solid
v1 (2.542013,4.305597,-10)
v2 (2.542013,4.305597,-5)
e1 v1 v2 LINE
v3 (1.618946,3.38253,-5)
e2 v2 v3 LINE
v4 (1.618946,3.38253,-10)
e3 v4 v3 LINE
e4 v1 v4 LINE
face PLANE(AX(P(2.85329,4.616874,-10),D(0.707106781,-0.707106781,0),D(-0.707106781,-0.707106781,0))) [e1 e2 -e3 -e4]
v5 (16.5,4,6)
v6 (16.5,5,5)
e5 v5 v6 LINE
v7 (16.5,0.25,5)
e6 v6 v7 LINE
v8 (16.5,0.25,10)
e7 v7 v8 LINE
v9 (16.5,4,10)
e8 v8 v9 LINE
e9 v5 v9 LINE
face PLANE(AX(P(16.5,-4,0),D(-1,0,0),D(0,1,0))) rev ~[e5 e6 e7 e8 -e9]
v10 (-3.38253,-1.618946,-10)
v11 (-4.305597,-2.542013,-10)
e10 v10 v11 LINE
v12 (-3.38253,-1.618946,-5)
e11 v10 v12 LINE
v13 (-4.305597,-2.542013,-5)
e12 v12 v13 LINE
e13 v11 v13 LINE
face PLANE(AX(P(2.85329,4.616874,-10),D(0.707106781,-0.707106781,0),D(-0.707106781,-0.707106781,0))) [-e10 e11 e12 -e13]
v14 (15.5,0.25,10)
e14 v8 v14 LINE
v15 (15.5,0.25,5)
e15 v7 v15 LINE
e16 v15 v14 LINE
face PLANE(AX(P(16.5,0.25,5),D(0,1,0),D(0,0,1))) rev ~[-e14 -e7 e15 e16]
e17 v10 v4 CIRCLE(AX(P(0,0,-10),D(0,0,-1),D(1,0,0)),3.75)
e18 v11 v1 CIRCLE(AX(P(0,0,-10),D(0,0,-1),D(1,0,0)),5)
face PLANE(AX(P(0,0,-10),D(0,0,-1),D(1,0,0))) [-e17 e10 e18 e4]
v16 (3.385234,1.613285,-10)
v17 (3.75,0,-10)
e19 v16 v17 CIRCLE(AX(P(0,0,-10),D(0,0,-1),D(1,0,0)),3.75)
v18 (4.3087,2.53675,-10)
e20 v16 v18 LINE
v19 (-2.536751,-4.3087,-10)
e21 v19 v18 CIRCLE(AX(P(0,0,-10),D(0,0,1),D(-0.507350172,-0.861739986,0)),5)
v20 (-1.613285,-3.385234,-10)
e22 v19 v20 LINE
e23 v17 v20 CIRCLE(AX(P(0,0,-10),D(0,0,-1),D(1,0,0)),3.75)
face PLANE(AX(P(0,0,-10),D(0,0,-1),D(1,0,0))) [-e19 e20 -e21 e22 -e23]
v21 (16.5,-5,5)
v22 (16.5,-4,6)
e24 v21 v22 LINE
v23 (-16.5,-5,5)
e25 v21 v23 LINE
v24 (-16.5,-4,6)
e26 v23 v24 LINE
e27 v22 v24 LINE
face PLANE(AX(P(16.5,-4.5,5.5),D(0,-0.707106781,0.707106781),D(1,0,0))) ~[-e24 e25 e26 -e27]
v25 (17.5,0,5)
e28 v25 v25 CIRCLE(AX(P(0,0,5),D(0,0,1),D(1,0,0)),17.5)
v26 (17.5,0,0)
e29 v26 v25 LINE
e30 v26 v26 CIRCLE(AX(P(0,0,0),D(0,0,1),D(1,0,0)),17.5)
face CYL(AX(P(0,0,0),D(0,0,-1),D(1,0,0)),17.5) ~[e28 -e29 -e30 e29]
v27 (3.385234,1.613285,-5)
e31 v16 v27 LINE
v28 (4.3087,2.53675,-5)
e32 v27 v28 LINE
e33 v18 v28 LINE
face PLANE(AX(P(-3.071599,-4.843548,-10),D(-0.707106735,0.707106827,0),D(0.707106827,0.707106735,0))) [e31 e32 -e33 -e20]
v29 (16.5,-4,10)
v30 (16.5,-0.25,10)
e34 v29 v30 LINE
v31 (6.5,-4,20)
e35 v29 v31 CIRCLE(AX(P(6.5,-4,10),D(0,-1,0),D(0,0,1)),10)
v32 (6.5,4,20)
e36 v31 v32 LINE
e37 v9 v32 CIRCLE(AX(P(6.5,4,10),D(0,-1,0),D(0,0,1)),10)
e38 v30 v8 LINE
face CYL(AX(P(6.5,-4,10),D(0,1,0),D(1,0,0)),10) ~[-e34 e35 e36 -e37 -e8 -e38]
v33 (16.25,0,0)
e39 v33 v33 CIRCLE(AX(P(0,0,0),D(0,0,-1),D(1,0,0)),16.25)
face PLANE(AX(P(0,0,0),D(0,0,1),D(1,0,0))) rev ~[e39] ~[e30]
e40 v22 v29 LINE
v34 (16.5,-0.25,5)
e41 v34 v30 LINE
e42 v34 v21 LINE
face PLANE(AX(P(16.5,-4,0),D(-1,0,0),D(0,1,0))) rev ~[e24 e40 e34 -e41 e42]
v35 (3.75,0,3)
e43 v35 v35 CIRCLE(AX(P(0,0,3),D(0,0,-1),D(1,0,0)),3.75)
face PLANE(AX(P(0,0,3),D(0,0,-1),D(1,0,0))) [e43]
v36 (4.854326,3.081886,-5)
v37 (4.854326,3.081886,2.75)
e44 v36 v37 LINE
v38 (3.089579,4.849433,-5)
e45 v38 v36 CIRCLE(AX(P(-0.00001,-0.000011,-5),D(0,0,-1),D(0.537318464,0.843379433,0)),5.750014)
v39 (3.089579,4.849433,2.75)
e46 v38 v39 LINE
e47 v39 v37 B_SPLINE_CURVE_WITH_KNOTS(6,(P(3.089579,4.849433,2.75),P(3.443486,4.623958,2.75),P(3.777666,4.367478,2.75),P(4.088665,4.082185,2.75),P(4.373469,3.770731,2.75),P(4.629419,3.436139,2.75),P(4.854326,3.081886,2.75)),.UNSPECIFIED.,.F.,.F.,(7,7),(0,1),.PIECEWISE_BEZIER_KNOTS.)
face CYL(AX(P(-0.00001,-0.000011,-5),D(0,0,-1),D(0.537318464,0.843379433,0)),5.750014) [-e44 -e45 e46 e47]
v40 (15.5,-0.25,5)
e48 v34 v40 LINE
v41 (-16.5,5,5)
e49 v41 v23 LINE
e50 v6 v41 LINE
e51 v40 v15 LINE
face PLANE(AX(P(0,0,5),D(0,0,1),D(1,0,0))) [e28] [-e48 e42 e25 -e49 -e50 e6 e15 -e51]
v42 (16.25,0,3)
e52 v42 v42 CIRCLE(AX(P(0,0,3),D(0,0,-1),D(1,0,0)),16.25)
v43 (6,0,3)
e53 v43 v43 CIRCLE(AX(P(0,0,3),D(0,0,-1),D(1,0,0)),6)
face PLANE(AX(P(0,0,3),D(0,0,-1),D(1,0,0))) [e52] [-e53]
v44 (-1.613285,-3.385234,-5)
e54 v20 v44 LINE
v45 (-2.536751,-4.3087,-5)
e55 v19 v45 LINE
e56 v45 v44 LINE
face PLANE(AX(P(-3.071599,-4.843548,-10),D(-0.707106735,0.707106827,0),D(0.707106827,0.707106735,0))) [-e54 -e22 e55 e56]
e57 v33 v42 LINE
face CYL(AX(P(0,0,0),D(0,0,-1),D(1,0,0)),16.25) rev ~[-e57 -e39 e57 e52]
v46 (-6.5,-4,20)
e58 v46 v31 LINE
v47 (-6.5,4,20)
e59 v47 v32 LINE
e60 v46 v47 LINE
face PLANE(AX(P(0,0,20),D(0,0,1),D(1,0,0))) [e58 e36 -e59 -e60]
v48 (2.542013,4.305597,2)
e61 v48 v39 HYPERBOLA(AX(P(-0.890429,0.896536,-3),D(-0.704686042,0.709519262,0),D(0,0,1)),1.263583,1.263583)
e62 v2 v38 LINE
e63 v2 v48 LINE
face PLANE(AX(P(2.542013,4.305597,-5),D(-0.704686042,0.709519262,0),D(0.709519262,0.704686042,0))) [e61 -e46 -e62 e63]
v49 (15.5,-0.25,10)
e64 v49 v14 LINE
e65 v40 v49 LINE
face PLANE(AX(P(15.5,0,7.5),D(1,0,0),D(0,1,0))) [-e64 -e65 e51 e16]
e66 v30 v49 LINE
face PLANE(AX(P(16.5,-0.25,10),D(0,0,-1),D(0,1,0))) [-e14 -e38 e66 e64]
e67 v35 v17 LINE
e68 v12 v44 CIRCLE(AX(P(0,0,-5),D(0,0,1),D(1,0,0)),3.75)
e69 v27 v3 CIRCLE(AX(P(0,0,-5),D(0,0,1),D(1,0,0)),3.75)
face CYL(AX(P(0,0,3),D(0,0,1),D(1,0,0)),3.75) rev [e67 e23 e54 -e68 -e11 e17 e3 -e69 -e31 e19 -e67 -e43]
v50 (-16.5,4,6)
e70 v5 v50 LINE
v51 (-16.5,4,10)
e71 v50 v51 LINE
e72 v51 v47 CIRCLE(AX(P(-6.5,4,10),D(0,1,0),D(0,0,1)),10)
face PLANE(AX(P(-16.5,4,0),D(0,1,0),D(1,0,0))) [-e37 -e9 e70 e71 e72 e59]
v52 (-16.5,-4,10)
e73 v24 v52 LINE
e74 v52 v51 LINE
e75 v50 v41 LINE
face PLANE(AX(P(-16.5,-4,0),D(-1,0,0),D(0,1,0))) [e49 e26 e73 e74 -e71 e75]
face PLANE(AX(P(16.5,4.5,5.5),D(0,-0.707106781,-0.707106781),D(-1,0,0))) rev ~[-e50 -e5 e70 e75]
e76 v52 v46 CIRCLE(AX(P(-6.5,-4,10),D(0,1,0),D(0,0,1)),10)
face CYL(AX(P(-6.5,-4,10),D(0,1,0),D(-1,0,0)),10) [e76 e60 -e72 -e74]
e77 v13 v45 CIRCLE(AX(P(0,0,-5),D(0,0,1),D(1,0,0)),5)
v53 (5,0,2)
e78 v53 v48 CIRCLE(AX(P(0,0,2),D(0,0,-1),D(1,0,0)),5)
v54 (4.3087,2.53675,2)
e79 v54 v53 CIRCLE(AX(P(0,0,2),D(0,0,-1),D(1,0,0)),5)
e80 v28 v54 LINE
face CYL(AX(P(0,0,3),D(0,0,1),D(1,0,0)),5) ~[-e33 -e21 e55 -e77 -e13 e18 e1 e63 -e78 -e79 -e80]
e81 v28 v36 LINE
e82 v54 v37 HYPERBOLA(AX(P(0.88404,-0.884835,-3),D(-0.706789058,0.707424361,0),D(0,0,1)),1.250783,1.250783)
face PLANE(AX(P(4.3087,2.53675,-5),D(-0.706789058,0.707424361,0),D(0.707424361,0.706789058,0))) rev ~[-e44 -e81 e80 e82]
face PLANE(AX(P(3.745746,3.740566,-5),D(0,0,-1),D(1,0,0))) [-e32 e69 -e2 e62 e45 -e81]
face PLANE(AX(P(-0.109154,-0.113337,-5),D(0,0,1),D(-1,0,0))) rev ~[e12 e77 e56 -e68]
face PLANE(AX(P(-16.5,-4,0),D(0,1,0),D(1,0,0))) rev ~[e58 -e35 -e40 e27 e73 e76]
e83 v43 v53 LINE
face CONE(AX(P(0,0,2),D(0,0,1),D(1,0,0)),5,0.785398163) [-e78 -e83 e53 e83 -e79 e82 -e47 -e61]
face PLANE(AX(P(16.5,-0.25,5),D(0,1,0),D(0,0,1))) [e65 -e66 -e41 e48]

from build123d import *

# Parameters (mm, degrees)
SKETCH_R        = 17.5
PAD_DEPTH       = 5
SKETCH001_W     = 33
SKETCH001_H     = 8
PAD001_DEPTH    = 20
FILLET_R        = 10
CHAMFER_SIZE    = 1
SKETCH002_R     = 16.25
POCKET_DEPTH    = 3
SKETCH003_R     = 5
SKETCH003_R_2   = 3.75
PAD002_DEPTH    = 13
CHAMFER001_SIZE = 1
POCKET001_DEPTH = 5
PAD003_DEPTH    = 8
SKETCH006_W     = 0.5
SKETCH006_H     = 5
POCKET002_DEPTH = 1


with BuildPart() as part:
    # Sketch → Pad (new body)
    with BuildSketch(Plane.XY):
        Circle(SKETCH_R)
    extrude(amount=PAD_DEPTH)

    # Sketch001 → Pad001 (join)
    with BuildSketch(Plane.XY):
        Rectangle(SKETCH001_W, SKETCH001_H)
    extrude(amount=PAD001_DEPTH)

    # Fillet
    fillet_edges = [part.edges().sort_by_distance(p)[0] for p in [
        (-16.5, 0, 20),
        (16.5, 0, 20),
    ]]
    fillet(fillet_edges, radius=FILLET_R)

    # Chamfer
    chamfer_edges = [part.edges().sort_by_distance(p)[0] for p in [
        (0, -4, 5),
        (0, 4, 5),
    ]]
    chamfer(chamfer_edges, length=CHAMFER_SIZE)

    # Sketch002 (on Face12 of Chamfer) → Pocket (cut)
    with BuildSketch(Plane(origin=(0, 0, 0), x_dir=(1, 0, 0), z_dir=(0, 0, -1))):
        Circle(SKETCH002_R)
    extrude(amount=-POCKET_DEPTH, mode=Mode.SUBTRACT)

    # Sketch003 (on Face16 of Pocket) → Pad002 (join)
    with BuildSketch(Plane(origin=(0, 0, 3), x_dir=(1, 0, 0), z_dir=(0, 0, -1))):
        Circle(SKETCH003_R)
        Circle(SKETCH003_R_2, mode=Mode.SUBTRACT)
    extrude(amount=PAD002_DEPTH)

    # Chamfer001
    chamfer001_edges = [part.edges().sort_by_distance(p)[0] for p in [
        (-5, 0, 3),
    ]]
    chamfer(chamfer001_edges, length=CHAMFER001_SIZE)

    # Sketch004 (on Face8 of Chamfer001) → Pocket001 (cut)
    with BuildSketch(Plane(origin=(0, 0, -10), x_dir=(1, 0, 0), z_dir=(0, 0, -1))):
        Polygon((-3.071599, 4.843548), (4.621057, -2.849107), (2.85329, -4.616874), (-4.839366, 3.075782), align=None)
    extrude(amount=-POCKET001_DEPTH, mode=Mode.SUBTRACT)

    # Sketch005 (on Face10 of Pocket001) → Pad003 (join)
    with BuildSketch(Plane(origin=(0, 0, -5), x_dir=(1, 0, 0), z_dir=(0, 0, -1))):
        with BuildLine():
            ThreePointArc((3.089579, -4.849433), (4.069086, -4.062639), (4.854326, -3.081886))
            Line((4.3087, -2.53675), (4.854326, -3.081886))
            ThreePointArc((2.542013, -4.305597), (3.537693, -3.533373), (4.3087, -2.53675))
            Line((2.542013, -4.305597), (3.089579, -4.849433))
        make_face()
    extrude(amount=-PAD003_DEPTH)

    # Sketch006 (on Face27 of Pad003) → Pocket002 (cut)
    with BuildSketch(Plane.YZ.offset(16.5)):
        with Locations((0, 7.5)):
            Rectangle(SKETCH006_W, SKETCH006_H)
    extrude(amount=-POCKET002_DEPTH, mode=Mode.SUBTRACT)


solid = part.part
